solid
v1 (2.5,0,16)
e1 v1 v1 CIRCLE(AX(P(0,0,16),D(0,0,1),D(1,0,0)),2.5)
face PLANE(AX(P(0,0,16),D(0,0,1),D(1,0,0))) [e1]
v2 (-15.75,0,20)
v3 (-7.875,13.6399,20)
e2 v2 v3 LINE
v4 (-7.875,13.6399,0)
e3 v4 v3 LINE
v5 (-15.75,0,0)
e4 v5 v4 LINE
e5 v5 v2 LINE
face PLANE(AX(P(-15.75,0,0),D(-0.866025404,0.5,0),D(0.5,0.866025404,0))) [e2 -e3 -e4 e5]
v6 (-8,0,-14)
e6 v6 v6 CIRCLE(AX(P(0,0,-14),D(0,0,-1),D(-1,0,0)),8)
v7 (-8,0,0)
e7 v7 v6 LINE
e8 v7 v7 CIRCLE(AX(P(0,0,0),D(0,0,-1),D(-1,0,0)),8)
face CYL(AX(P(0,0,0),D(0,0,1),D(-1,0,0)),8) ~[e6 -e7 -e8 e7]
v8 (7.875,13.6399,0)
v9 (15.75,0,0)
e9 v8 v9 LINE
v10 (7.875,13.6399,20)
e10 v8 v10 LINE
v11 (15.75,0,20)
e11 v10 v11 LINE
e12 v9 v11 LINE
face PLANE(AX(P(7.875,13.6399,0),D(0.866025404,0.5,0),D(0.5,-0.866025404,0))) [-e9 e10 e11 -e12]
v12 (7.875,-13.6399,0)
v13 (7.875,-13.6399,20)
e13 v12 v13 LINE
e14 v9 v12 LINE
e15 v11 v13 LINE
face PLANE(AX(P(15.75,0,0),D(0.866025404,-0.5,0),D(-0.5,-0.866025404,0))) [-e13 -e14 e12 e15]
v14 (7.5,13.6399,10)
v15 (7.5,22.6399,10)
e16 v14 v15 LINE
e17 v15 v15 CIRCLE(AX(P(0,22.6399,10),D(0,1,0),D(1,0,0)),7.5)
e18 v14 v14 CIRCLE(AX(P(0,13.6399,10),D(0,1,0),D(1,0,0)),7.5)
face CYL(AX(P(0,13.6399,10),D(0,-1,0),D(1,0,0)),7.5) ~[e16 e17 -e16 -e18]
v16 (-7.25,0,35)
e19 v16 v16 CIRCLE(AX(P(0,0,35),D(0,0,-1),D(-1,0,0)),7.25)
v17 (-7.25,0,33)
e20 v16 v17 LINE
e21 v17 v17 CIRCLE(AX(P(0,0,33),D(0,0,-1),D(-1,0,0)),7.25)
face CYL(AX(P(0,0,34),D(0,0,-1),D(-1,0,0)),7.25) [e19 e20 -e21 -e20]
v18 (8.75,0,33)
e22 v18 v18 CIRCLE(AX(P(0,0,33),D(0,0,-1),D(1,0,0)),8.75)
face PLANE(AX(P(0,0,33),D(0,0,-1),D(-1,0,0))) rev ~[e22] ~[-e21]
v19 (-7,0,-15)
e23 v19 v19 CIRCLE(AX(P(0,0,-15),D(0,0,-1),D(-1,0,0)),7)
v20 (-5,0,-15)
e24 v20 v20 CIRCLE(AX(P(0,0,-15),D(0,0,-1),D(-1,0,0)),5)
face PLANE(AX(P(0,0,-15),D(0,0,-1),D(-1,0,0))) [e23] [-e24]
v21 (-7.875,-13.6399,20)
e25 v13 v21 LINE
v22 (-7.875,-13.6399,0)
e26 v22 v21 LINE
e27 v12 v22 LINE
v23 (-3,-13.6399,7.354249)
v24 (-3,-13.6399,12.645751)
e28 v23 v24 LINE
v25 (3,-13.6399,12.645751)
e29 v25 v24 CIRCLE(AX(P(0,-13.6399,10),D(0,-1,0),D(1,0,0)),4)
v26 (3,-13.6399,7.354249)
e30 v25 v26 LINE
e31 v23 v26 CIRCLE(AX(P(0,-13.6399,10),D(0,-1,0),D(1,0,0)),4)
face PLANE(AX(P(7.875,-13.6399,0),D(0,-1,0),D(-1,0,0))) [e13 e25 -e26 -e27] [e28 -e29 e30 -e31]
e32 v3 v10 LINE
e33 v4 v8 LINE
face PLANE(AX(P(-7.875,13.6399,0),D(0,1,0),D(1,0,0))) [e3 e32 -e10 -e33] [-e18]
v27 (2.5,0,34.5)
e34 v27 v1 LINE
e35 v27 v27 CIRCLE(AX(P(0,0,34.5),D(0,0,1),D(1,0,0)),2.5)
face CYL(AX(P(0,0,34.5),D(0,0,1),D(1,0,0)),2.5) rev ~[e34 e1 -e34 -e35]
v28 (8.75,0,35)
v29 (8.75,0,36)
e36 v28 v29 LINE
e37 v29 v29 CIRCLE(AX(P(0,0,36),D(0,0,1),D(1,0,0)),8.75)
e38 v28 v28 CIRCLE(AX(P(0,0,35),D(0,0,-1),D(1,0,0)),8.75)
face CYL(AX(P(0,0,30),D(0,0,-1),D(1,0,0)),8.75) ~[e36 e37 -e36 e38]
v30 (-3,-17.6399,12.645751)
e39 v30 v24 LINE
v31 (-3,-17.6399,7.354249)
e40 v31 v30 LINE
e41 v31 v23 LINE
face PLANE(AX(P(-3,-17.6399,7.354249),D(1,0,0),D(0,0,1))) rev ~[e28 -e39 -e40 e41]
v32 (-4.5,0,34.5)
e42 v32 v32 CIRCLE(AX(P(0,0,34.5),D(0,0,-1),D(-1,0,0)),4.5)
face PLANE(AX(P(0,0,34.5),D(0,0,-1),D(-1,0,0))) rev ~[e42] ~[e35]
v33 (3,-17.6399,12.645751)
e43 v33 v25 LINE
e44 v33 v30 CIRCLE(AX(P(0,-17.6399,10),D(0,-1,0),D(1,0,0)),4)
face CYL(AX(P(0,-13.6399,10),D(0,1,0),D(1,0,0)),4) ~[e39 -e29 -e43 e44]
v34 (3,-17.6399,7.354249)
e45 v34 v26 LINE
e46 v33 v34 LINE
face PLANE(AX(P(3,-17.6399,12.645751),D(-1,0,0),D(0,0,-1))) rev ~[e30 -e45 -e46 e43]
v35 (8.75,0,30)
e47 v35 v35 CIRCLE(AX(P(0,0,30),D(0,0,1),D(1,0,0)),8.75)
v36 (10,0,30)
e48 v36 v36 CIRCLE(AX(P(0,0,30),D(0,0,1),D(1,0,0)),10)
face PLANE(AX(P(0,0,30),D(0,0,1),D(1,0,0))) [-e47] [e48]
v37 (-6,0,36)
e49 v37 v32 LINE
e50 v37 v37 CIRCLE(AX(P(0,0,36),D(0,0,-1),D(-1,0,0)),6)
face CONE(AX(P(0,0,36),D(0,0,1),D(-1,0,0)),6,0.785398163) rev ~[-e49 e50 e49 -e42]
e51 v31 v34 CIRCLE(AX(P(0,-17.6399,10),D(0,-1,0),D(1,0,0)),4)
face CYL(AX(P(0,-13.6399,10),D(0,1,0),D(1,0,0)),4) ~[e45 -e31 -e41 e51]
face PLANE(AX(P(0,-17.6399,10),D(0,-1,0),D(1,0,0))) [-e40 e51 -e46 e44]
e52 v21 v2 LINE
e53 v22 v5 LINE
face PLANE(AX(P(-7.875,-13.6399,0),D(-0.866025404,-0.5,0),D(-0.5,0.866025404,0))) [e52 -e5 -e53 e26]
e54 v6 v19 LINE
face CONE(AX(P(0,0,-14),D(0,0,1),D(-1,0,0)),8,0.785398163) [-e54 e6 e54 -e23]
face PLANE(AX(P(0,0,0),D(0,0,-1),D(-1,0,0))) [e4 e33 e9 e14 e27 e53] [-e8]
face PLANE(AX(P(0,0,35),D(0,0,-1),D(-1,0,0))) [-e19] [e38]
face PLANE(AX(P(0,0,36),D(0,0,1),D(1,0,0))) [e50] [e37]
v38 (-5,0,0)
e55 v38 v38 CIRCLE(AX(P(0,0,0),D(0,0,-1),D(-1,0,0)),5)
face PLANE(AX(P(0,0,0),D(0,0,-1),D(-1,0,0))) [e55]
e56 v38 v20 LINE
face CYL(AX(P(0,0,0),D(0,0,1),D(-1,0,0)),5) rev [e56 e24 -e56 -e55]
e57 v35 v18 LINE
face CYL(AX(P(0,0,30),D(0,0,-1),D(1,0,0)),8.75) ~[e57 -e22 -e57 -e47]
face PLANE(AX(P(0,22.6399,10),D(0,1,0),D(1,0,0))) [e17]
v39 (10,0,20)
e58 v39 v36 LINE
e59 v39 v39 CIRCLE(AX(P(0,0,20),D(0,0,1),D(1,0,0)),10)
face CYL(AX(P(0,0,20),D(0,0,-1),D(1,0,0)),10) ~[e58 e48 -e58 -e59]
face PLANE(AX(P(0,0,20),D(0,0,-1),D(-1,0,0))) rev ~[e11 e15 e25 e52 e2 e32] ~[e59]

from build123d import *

# Parameters (mm, degrees)
BOSS_EXTRUDE1_DEPTH = 20
SKETCH2_R           = 10
BOSS_EXTRUDE2_DEPTH = 10
SKETCH3_R           = 8.75
BOSS_EXTRUDE3_DEPTH = 6
SKETCH5_R           = 2.5
CUT_EXTRUDE1_DEPTH  = 18.5
SKETCH6_W           = 1.5
SKETCH6_H           = 2
SKETCH7_R           = 4
BOSS_EXTRUDE4_DEPTH = 4
CUT_EXTRUDE2_DEPTH  = 4
SKETCH9_R           = 7.5
BOSS_EXTRUDE5_DEPTH = 9
SKETCH10_R          = 8
SKETCH10_R_2        = 5
BOSS_EXTRUDE6_DEPTH = 15
CHAMFER1_SIZE       = 1


with BuildPart() as part:
    # Sketch1 → Boss-Extrude1 (new body)
    with BuildSketch(Plane.XY):
        Polygon((-7.875, 13.63990011), (7.875, 13.63990011), (15.75, 0), (7.875, -13.63990011), (-7.875, -13.63990011), (-15.75, 0), align=None)
    extrude(amount=BOSS_EXTRUDE1_DEPTH)

    # Sketch2 → Boss-Extrude2 (add)
    with BuildSketch(Plane.XY.offset(20)):
        Circle(SKETCH2_R)
    extrude(amount=BOSS_EXTRUDE2_DEPTH)

    # Sketch3 → Boss-Extrude3 (add)
    with BuildSketch(Plane.XY.offset(30)):
        Circle(SKETCH3_R)
    extrude(amount=BOSS_EXTRUDE3_DEPTH)

    # Sketch4 → Cut-Revolve1 (revolve, cut)
    with BuildSketch(Plane(origin=(0, 0, 0), x_dir=(1, 0, 0), z_dir=(0, 1, 0))):
        Polygon((0, -36), (-6, -36), (-4.5, -34.5), (0, -34.5), align=None)
    revolve(axis=Axis((0, 0, 45.254539395), (0, 0, -1)), mode=Mode.SUBTRACT)

    # Sketch5 → Cut-Extrude1 (cut)
    with BuildSketch(Plane.XY.offset(34.5)):
        Circle(SKETCH5_R)
    extrude(amount=-CUT_EXTRUDE1_DEPTH, mode=Mode.SUBTRACT)

    # Sketch6 → Cut-Revolve2 (revolve, cut)
    with BuildSketch(Plane(origin=(0, 0, 0), x_dir=(1, 0, 0), z_dir=(0, 1, 0))):
        with Locations((-8, -34)):
            Rectangle(SKETCH6_W, SKETCH6_H)
    revolve(axis=Axis((0, 0, 40.657268224), (0, 0, -1)), mode=Mode.SUBTRACT)

    # Sketch7 → Boss-Extrude4 (add)
    with BuildSketch(Plane.XZ.offset(13.63990011)):
        with Locations((0, 10)):
            Circle(SKETCH7_R)
    extrude(amount=BOSS_EXTRUDE4_DEPTH)

    # Sketch8 → Cut-Extrude2 (cut)
    with BuildSketch(Plane.XZ.offset(17.63990011)):
        with BuildLine():
            ThreePointArc((-3, 12.645751311), (-4, 10), (-3, 7.354248689))
            Line((-3, 7.354248689), (-3, 12.645751311))
        make_face()
        with BuildLine():
            Line((3, 12.645751311), (3, 7.354248689))
            ThreePointArc((3, 7.354248689), (3.741657387, 8.585786438), (4, 10))
            ThreePointArc((4, 10), (3.741657387, 11.414213562), (3, 12.645751311))
        make_face()
    extrude(amount=-CUT_EXTRUDE2_DEPTH, mode=Mode.SUBTRACT)

    # Sketch9 → Boss-Extrude5 (add)
    with BuildSketch(Plane(origin=(0, 13.63990011, 0), x_dir=(1, 0, 0), z_dir=(0, 1, 0))):
        with Locations((0, -10)):
            Circle(SKETCH9_R)
    extrude(amount=BOSS_EXTRUDE5_DEPTH)

    # Sketch10 → Boss-Extrude6 (add)
    with BuildSketch(Plane(origin=(0, 0, 0), x_dir=(-1, 0, 0), z_dir=(0, 0, -1))):
        Circle(SKETCH10_R)
        Circle(SKETCH10_R_2, mode=Mode.SUBTRACT)
    extrude(amount=BOSS_EXTRUDE6_DEPTH)

    # Chamfer1
    chamfer1_edges = [part.edges().sort_by_distance(p)[0] for p in [
        (8, 0, -15),
    ]]
    chamfer(chamfer1_edges, length=CHAMFER1_SIZE)


solid = part.part
